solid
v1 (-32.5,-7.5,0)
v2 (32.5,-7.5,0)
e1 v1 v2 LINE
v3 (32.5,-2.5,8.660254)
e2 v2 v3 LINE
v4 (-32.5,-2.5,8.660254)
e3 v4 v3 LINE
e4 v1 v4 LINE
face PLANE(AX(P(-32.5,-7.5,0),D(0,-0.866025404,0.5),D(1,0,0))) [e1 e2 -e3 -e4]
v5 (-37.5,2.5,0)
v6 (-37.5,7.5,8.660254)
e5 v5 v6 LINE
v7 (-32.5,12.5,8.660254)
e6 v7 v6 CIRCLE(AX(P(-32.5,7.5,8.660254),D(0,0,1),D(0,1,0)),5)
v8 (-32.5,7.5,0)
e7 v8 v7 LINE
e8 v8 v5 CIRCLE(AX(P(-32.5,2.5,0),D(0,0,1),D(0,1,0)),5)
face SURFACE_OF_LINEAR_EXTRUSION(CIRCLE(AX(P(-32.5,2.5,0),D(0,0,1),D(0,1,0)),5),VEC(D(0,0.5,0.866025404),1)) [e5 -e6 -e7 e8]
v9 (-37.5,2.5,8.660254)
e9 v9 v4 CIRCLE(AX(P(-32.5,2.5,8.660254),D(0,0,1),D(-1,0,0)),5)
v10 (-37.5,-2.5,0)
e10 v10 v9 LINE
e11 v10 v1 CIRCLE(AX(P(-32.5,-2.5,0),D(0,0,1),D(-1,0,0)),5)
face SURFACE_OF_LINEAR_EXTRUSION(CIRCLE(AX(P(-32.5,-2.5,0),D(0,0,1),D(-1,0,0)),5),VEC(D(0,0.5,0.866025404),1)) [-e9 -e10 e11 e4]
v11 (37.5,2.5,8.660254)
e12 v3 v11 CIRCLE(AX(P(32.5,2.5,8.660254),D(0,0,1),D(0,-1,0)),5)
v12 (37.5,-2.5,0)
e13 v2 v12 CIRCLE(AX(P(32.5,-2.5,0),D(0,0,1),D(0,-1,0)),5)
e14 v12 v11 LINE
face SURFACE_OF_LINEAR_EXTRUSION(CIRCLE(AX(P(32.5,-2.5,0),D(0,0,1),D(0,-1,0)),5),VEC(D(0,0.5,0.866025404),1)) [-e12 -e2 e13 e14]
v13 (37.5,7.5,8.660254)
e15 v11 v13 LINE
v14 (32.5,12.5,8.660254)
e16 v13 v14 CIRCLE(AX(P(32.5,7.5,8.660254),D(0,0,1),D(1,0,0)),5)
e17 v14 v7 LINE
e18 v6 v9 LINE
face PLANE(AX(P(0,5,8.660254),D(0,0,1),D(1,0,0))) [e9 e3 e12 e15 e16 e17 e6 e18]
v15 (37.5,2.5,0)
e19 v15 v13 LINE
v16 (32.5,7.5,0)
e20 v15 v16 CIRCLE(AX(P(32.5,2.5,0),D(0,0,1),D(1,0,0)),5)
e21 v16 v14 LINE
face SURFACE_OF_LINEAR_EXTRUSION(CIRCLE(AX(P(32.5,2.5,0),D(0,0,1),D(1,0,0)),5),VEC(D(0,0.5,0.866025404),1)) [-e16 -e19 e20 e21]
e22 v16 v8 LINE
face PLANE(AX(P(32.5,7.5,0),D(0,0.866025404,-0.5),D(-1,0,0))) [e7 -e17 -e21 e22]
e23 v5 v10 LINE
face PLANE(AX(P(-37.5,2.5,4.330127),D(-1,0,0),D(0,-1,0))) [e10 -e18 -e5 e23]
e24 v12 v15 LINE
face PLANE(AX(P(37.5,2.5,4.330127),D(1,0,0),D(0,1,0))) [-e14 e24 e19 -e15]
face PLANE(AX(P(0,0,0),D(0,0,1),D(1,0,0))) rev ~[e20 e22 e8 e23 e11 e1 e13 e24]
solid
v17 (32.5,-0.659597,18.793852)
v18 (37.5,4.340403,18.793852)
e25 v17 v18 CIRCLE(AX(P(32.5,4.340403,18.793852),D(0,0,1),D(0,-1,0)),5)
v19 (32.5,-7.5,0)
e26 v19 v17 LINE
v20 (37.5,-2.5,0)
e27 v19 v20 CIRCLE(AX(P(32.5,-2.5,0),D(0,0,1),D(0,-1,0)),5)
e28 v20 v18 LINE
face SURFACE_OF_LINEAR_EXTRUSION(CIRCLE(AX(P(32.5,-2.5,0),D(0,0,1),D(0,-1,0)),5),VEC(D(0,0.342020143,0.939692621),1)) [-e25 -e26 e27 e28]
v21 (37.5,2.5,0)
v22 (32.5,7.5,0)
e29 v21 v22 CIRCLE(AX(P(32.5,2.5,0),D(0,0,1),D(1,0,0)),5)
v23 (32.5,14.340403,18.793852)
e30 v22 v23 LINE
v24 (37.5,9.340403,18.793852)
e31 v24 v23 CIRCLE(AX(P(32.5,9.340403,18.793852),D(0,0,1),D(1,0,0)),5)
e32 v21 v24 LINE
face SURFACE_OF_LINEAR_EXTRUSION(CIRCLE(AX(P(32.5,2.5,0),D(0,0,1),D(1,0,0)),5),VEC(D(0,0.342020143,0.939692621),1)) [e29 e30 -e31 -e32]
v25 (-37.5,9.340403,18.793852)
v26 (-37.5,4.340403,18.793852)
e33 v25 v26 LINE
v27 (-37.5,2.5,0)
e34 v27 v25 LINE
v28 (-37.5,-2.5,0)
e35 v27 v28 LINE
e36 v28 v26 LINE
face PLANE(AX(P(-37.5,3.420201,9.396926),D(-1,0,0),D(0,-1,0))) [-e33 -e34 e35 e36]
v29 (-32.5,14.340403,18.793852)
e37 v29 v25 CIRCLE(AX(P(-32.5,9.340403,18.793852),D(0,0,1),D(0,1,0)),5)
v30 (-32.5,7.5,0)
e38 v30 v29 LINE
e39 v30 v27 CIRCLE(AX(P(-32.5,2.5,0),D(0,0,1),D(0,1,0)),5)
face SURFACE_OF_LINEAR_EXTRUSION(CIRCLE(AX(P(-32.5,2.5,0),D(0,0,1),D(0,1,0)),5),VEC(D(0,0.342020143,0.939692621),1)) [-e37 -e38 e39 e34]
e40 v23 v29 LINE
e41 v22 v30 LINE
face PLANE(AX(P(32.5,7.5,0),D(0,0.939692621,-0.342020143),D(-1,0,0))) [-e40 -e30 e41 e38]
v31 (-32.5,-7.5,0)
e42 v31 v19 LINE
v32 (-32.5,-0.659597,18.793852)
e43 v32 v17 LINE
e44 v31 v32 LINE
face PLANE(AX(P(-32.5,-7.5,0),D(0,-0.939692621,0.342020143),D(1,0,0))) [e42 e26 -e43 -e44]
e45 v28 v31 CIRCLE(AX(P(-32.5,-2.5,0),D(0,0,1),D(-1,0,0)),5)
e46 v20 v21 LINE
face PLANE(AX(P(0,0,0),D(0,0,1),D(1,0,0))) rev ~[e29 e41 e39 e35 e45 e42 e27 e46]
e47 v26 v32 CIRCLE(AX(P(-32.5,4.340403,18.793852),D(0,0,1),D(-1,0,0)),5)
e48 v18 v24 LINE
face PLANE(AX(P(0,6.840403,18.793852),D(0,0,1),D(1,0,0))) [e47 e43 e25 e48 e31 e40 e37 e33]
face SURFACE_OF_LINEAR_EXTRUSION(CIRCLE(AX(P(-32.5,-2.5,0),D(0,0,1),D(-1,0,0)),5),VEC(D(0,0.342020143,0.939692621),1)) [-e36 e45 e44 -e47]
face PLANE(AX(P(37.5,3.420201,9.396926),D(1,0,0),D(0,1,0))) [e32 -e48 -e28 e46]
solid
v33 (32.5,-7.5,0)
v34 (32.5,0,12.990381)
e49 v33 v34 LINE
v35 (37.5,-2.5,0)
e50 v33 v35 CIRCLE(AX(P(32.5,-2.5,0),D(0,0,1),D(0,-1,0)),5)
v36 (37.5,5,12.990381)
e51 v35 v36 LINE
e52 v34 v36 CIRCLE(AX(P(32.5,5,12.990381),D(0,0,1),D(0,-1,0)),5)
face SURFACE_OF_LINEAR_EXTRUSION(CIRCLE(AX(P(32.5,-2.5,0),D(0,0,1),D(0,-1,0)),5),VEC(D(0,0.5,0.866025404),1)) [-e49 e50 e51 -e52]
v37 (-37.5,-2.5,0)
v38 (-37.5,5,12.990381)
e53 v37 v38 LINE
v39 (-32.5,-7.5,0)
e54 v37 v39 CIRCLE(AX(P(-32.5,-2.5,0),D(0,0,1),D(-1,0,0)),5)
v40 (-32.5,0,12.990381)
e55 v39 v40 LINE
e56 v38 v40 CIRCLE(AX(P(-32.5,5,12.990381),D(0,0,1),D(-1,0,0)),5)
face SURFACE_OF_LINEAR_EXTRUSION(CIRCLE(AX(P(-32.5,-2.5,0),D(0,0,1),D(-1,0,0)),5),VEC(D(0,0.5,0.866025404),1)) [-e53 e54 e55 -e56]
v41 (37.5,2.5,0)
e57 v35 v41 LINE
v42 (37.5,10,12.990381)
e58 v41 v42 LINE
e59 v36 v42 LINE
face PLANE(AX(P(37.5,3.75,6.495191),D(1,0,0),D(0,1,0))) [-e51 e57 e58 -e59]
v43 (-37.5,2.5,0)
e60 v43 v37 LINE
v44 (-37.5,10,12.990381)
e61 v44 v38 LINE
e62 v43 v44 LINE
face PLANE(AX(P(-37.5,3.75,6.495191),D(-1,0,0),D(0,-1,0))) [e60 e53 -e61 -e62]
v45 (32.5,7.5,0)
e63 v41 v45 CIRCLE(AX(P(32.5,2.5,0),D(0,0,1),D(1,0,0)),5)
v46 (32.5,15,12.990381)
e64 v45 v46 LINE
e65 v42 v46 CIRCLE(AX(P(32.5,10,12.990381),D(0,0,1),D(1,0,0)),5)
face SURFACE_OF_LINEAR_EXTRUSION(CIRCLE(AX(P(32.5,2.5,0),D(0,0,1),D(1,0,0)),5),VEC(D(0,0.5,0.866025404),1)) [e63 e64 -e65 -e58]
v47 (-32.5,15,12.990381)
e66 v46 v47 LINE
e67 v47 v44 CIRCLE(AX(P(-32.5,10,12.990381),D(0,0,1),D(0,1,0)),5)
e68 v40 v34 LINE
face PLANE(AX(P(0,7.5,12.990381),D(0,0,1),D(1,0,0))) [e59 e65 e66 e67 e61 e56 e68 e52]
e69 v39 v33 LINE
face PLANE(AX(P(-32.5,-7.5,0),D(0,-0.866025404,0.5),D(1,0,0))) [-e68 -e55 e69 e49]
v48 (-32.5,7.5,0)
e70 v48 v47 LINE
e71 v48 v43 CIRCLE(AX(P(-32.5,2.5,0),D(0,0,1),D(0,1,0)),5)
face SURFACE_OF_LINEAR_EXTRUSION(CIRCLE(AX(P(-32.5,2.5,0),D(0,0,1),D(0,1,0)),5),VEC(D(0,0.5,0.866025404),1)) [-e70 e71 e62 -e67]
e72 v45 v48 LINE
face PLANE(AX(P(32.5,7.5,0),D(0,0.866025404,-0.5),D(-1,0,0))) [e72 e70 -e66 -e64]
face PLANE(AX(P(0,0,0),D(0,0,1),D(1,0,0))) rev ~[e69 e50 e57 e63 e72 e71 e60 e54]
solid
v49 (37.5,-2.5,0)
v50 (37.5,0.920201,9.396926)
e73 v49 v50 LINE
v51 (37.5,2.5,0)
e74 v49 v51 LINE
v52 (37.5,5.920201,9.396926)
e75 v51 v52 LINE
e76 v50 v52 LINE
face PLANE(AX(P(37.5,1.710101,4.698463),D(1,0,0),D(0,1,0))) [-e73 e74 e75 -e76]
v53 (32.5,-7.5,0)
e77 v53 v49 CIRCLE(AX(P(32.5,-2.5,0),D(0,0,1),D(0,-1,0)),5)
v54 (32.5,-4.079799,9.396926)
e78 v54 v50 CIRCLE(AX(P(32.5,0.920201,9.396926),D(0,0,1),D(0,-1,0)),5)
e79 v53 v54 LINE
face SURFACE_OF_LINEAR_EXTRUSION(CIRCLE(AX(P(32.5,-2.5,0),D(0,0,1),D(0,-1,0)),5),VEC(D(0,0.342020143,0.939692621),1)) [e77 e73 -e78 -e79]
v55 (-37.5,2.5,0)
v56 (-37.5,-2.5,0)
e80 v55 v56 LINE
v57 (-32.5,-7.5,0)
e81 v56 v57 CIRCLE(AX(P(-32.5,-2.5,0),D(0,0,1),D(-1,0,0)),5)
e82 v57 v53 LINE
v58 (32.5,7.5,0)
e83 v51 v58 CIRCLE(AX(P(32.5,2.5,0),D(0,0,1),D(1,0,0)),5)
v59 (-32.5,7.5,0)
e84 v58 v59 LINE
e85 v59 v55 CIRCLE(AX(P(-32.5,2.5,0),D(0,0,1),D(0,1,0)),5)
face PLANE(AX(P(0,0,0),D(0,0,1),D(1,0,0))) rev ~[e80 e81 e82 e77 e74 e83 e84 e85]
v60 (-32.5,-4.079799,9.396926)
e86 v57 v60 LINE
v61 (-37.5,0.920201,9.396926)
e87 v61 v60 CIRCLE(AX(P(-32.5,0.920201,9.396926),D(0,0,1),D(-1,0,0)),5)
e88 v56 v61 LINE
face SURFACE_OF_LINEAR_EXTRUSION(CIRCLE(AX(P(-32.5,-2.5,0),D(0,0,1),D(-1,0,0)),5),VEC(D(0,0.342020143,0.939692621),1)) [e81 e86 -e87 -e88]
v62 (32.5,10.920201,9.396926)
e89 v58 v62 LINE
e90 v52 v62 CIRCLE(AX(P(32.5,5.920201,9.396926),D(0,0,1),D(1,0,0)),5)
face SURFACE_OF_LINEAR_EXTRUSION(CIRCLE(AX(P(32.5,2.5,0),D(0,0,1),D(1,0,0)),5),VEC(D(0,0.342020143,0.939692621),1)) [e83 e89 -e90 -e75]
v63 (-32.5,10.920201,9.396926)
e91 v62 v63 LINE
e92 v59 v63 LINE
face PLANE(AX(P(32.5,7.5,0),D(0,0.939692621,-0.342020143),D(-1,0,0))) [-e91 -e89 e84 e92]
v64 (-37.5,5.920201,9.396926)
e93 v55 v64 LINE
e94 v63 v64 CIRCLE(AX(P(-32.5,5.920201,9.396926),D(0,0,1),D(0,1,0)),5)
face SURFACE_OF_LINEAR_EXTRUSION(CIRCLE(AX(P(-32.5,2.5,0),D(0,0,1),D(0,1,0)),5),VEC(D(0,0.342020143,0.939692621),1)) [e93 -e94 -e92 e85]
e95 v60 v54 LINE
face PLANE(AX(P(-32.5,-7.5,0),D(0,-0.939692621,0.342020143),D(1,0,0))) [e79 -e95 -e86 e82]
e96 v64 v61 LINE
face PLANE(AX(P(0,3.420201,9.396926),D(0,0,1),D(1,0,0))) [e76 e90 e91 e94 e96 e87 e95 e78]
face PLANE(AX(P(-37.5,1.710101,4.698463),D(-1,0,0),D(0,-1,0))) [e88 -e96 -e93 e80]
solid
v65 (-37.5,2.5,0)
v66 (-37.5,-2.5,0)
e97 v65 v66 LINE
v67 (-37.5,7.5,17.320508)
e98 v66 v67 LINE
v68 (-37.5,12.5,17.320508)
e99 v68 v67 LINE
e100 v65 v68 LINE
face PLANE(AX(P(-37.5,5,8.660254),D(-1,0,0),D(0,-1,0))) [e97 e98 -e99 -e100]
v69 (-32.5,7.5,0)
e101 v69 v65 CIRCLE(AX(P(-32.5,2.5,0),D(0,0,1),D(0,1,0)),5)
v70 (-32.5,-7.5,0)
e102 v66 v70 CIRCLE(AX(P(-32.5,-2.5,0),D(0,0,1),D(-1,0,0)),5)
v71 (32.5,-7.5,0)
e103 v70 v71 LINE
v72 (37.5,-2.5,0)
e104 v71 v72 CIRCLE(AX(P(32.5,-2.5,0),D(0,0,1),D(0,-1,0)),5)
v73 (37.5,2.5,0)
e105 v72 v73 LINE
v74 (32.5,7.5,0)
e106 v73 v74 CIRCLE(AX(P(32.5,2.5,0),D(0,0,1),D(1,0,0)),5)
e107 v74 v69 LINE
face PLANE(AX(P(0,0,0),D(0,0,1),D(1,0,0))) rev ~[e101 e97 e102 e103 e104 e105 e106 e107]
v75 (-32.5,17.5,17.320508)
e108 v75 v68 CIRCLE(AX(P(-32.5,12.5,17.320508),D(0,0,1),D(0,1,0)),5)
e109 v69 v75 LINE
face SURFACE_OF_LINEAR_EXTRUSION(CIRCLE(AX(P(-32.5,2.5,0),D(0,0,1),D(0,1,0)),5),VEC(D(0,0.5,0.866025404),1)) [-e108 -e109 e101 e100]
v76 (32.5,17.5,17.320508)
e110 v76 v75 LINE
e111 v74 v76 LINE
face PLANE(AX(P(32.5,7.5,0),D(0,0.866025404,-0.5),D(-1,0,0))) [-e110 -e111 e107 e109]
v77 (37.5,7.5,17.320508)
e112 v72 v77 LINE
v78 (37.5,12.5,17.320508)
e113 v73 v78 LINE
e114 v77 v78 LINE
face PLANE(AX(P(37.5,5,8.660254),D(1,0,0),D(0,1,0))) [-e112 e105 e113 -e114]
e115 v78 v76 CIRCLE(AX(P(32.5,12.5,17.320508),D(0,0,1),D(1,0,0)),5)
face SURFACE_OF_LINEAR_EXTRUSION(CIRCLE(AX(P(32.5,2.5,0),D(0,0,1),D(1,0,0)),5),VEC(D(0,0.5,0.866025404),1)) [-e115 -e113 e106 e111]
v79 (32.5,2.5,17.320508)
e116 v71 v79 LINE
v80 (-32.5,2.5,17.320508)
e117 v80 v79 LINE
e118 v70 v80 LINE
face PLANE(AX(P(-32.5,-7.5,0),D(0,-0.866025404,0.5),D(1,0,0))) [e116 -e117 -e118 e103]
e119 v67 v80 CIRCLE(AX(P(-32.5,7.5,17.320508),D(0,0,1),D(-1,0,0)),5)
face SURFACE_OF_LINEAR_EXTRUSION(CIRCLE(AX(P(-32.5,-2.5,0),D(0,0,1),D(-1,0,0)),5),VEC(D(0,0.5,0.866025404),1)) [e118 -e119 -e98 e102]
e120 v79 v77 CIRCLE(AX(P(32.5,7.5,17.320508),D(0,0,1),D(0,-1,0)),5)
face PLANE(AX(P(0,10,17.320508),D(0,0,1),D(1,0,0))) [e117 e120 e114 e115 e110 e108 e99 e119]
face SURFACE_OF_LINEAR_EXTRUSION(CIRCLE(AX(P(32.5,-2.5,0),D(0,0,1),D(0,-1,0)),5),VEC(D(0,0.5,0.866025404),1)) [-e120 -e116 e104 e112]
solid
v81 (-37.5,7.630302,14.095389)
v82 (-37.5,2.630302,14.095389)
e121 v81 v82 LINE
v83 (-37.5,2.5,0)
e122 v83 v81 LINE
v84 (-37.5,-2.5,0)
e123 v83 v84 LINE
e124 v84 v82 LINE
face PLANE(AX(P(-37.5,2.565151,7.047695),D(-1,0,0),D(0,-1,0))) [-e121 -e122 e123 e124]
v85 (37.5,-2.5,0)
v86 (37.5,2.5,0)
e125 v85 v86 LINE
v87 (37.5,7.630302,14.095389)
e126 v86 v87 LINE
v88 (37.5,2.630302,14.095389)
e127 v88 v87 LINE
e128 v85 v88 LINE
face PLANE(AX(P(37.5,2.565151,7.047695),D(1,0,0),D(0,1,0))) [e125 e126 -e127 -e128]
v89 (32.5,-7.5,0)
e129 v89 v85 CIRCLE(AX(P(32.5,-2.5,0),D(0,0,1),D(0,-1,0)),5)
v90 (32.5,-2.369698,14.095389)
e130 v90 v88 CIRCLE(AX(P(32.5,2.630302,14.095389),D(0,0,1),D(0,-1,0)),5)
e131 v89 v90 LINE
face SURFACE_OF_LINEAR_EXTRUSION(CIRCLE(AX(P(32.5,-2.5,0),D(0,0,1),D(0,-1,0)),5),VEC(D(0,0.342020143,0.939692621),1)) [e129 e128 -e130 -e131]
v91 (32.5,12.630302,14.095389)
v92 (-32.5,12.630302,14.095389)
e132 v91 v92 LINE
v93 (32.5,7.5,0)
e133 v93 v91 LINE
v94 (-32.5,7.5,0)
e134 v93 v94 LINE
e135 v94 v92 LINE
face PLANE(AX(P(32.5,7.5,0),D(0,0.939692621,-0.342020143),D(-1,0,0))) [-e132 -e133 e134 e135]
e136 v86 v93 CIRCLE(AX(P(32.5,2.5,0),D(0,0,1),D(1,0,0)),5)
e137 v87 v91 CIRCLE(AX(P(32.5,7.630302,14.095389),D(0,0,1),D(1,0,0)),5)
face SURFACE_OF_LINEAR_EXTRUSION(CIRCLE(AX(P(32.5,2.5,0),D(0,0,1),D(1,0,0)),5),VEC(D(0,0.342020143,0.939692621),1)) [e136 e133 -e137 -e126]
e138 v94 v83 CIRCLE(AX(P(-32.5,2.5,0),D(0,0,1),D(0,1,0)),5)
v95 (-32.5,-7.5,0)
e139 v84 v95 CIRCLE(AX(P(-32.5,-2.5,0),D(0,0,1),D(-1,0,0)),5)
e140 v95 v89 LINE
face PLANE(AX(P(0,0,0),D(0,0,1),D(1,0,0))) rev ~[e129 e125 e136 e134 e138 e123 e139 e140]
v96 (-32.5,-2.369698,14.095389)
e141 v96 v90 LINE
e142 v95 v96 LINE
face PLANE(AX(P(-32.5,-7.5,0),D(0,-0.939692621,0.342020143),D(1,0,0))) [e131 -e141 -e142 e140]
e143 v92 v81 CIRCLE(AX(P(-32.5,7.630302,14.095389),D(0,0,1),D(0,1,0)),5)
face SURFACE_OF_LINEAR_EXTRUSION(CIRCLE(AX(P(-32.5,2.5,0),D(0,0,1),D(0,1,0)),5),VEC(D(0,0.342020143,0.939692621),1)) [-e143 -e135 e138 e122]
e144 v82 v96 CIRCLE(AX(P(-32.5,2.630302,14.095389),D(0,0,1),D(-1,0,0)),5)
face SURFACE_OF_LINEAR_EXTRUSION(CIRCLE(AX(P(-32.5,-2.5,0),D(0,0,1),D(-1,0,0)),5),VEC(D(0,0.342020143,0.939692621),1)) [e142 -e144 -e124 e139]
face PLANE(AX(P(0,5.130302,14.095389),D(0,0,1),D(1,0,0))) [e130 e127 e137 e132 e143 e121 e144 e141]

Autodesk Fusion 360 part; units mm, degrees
sketch "Base" plane through (0, 0, 0) normal (0, 0, 1) x (1, 0, 0)
  line L0 (32.5, 7.5) -> (-32.5, 7.5)
  line L1 (-37.5, 2.5) -> (-37.5, -2.5)
  line L2 (-32.5, -7.5) -> (32.5, -7.5)
  line L3 (37.5, -2.5) -> (37.5, 2.5)
  line L4 (37.5, 7.5) -> (-37.5, -7.5) construction
  line L5 (-37.5, 7.5) -> (37.5, -7.5) construction
  arc A0 (-32.5, 7.5) -> (-37.5, 2.5) centre (-32.5, 2.5) ccw
  arc A1 (-37.5, -2.5) -> (-32.5, -7.5) centre (-32.5, -2.5) ccw
  arc A2 (32.5, -7.5) -> (37.5, -2.5) centre (32.5, -2.5) ccw
  arc A3 (37.5, 2.5) -> (32.5, 7.5) centre (32.5, 2.5) ccw
  dimension "d1" = 75
  dimension "d2" = 15
  dimension "d3" = 5
  dimension "d4" = 5
ref_plane "WorkPlane1" through (0, -7.5, 0) normal (0, -0.9397, 0.342) x (1, 0, 0)
sketch "20mm20deg" plane through (0, -6.6227, 2.4105) normal (0, -0.9397, 0.342) x (1, 0, 0)
  line L0 (0, 0) -> (0, 20)
  dimension "d6" = 20
sweep "Sweep1" add profiles "Base" path "20mm20deg" along L0 section 1 makes body 1
sketch "15mm20deg" plane through (0, -6.6227, 2.4105) normal (0, -0.9397, 0.342) x (1, 0, 0)
  line L0 (0, 0) -> (0, 15)
  dimension "d13" = 15
sweep "Sweep2" add profiles "Base" path "15mm20deg" along L0 section 1 separate body makes body 2
sketch "10mm20deg" plane through (0, -6.6227, 2.4105) normal (0, -0.9397, 0.342) x (1, 0, 0)
  line L0 (0, 0) -> (0, 10)
  dimension "d20" = 10
sweep "Sweep3" add profiles "Base" path "10mm20deg" along L0 section 1 separate body makes body 3
ref_plane "WorkPlane2" through (0, -7.5, 0) normal (0, -0.866, 0.5) x (1, 0, 0)
sketch "20mm30deg" plane through (0, -5.625, 3.2476) normal (0, -0.866, 0.5) x (1, 0, 0)
  line L0 (0, 0) -> (0, 20)
  dimension "d28" = 20
sketch "15mm30deg" plane through (0, -5.625, 3.2476) normal (0, -0.866, 0.5) x (1, 0, 0)
  line L0 (0, 0) -> (0, 15)
  dimension "d29" = 15
sketch "10mm30deg" plane through (0, -5.625, 3.2476) normal (0, -0.866, 0.5) x (1, 0, 0)
  line L0 (0, 0) -> (0, 10)
  dimension "d30" = 10
sweep "Sweep4" add profiles "Base" path "10mm30deg" along L0 section 1 separate body makes body 4
sweep "Sweep5" add profiles "Base" path "15mm30deg" along L0 section 1 separate body makes body 5
sweep "Sweep6" add profiles "Base" path "20mm30deg" along L0 section 1 separate body makes body 6
